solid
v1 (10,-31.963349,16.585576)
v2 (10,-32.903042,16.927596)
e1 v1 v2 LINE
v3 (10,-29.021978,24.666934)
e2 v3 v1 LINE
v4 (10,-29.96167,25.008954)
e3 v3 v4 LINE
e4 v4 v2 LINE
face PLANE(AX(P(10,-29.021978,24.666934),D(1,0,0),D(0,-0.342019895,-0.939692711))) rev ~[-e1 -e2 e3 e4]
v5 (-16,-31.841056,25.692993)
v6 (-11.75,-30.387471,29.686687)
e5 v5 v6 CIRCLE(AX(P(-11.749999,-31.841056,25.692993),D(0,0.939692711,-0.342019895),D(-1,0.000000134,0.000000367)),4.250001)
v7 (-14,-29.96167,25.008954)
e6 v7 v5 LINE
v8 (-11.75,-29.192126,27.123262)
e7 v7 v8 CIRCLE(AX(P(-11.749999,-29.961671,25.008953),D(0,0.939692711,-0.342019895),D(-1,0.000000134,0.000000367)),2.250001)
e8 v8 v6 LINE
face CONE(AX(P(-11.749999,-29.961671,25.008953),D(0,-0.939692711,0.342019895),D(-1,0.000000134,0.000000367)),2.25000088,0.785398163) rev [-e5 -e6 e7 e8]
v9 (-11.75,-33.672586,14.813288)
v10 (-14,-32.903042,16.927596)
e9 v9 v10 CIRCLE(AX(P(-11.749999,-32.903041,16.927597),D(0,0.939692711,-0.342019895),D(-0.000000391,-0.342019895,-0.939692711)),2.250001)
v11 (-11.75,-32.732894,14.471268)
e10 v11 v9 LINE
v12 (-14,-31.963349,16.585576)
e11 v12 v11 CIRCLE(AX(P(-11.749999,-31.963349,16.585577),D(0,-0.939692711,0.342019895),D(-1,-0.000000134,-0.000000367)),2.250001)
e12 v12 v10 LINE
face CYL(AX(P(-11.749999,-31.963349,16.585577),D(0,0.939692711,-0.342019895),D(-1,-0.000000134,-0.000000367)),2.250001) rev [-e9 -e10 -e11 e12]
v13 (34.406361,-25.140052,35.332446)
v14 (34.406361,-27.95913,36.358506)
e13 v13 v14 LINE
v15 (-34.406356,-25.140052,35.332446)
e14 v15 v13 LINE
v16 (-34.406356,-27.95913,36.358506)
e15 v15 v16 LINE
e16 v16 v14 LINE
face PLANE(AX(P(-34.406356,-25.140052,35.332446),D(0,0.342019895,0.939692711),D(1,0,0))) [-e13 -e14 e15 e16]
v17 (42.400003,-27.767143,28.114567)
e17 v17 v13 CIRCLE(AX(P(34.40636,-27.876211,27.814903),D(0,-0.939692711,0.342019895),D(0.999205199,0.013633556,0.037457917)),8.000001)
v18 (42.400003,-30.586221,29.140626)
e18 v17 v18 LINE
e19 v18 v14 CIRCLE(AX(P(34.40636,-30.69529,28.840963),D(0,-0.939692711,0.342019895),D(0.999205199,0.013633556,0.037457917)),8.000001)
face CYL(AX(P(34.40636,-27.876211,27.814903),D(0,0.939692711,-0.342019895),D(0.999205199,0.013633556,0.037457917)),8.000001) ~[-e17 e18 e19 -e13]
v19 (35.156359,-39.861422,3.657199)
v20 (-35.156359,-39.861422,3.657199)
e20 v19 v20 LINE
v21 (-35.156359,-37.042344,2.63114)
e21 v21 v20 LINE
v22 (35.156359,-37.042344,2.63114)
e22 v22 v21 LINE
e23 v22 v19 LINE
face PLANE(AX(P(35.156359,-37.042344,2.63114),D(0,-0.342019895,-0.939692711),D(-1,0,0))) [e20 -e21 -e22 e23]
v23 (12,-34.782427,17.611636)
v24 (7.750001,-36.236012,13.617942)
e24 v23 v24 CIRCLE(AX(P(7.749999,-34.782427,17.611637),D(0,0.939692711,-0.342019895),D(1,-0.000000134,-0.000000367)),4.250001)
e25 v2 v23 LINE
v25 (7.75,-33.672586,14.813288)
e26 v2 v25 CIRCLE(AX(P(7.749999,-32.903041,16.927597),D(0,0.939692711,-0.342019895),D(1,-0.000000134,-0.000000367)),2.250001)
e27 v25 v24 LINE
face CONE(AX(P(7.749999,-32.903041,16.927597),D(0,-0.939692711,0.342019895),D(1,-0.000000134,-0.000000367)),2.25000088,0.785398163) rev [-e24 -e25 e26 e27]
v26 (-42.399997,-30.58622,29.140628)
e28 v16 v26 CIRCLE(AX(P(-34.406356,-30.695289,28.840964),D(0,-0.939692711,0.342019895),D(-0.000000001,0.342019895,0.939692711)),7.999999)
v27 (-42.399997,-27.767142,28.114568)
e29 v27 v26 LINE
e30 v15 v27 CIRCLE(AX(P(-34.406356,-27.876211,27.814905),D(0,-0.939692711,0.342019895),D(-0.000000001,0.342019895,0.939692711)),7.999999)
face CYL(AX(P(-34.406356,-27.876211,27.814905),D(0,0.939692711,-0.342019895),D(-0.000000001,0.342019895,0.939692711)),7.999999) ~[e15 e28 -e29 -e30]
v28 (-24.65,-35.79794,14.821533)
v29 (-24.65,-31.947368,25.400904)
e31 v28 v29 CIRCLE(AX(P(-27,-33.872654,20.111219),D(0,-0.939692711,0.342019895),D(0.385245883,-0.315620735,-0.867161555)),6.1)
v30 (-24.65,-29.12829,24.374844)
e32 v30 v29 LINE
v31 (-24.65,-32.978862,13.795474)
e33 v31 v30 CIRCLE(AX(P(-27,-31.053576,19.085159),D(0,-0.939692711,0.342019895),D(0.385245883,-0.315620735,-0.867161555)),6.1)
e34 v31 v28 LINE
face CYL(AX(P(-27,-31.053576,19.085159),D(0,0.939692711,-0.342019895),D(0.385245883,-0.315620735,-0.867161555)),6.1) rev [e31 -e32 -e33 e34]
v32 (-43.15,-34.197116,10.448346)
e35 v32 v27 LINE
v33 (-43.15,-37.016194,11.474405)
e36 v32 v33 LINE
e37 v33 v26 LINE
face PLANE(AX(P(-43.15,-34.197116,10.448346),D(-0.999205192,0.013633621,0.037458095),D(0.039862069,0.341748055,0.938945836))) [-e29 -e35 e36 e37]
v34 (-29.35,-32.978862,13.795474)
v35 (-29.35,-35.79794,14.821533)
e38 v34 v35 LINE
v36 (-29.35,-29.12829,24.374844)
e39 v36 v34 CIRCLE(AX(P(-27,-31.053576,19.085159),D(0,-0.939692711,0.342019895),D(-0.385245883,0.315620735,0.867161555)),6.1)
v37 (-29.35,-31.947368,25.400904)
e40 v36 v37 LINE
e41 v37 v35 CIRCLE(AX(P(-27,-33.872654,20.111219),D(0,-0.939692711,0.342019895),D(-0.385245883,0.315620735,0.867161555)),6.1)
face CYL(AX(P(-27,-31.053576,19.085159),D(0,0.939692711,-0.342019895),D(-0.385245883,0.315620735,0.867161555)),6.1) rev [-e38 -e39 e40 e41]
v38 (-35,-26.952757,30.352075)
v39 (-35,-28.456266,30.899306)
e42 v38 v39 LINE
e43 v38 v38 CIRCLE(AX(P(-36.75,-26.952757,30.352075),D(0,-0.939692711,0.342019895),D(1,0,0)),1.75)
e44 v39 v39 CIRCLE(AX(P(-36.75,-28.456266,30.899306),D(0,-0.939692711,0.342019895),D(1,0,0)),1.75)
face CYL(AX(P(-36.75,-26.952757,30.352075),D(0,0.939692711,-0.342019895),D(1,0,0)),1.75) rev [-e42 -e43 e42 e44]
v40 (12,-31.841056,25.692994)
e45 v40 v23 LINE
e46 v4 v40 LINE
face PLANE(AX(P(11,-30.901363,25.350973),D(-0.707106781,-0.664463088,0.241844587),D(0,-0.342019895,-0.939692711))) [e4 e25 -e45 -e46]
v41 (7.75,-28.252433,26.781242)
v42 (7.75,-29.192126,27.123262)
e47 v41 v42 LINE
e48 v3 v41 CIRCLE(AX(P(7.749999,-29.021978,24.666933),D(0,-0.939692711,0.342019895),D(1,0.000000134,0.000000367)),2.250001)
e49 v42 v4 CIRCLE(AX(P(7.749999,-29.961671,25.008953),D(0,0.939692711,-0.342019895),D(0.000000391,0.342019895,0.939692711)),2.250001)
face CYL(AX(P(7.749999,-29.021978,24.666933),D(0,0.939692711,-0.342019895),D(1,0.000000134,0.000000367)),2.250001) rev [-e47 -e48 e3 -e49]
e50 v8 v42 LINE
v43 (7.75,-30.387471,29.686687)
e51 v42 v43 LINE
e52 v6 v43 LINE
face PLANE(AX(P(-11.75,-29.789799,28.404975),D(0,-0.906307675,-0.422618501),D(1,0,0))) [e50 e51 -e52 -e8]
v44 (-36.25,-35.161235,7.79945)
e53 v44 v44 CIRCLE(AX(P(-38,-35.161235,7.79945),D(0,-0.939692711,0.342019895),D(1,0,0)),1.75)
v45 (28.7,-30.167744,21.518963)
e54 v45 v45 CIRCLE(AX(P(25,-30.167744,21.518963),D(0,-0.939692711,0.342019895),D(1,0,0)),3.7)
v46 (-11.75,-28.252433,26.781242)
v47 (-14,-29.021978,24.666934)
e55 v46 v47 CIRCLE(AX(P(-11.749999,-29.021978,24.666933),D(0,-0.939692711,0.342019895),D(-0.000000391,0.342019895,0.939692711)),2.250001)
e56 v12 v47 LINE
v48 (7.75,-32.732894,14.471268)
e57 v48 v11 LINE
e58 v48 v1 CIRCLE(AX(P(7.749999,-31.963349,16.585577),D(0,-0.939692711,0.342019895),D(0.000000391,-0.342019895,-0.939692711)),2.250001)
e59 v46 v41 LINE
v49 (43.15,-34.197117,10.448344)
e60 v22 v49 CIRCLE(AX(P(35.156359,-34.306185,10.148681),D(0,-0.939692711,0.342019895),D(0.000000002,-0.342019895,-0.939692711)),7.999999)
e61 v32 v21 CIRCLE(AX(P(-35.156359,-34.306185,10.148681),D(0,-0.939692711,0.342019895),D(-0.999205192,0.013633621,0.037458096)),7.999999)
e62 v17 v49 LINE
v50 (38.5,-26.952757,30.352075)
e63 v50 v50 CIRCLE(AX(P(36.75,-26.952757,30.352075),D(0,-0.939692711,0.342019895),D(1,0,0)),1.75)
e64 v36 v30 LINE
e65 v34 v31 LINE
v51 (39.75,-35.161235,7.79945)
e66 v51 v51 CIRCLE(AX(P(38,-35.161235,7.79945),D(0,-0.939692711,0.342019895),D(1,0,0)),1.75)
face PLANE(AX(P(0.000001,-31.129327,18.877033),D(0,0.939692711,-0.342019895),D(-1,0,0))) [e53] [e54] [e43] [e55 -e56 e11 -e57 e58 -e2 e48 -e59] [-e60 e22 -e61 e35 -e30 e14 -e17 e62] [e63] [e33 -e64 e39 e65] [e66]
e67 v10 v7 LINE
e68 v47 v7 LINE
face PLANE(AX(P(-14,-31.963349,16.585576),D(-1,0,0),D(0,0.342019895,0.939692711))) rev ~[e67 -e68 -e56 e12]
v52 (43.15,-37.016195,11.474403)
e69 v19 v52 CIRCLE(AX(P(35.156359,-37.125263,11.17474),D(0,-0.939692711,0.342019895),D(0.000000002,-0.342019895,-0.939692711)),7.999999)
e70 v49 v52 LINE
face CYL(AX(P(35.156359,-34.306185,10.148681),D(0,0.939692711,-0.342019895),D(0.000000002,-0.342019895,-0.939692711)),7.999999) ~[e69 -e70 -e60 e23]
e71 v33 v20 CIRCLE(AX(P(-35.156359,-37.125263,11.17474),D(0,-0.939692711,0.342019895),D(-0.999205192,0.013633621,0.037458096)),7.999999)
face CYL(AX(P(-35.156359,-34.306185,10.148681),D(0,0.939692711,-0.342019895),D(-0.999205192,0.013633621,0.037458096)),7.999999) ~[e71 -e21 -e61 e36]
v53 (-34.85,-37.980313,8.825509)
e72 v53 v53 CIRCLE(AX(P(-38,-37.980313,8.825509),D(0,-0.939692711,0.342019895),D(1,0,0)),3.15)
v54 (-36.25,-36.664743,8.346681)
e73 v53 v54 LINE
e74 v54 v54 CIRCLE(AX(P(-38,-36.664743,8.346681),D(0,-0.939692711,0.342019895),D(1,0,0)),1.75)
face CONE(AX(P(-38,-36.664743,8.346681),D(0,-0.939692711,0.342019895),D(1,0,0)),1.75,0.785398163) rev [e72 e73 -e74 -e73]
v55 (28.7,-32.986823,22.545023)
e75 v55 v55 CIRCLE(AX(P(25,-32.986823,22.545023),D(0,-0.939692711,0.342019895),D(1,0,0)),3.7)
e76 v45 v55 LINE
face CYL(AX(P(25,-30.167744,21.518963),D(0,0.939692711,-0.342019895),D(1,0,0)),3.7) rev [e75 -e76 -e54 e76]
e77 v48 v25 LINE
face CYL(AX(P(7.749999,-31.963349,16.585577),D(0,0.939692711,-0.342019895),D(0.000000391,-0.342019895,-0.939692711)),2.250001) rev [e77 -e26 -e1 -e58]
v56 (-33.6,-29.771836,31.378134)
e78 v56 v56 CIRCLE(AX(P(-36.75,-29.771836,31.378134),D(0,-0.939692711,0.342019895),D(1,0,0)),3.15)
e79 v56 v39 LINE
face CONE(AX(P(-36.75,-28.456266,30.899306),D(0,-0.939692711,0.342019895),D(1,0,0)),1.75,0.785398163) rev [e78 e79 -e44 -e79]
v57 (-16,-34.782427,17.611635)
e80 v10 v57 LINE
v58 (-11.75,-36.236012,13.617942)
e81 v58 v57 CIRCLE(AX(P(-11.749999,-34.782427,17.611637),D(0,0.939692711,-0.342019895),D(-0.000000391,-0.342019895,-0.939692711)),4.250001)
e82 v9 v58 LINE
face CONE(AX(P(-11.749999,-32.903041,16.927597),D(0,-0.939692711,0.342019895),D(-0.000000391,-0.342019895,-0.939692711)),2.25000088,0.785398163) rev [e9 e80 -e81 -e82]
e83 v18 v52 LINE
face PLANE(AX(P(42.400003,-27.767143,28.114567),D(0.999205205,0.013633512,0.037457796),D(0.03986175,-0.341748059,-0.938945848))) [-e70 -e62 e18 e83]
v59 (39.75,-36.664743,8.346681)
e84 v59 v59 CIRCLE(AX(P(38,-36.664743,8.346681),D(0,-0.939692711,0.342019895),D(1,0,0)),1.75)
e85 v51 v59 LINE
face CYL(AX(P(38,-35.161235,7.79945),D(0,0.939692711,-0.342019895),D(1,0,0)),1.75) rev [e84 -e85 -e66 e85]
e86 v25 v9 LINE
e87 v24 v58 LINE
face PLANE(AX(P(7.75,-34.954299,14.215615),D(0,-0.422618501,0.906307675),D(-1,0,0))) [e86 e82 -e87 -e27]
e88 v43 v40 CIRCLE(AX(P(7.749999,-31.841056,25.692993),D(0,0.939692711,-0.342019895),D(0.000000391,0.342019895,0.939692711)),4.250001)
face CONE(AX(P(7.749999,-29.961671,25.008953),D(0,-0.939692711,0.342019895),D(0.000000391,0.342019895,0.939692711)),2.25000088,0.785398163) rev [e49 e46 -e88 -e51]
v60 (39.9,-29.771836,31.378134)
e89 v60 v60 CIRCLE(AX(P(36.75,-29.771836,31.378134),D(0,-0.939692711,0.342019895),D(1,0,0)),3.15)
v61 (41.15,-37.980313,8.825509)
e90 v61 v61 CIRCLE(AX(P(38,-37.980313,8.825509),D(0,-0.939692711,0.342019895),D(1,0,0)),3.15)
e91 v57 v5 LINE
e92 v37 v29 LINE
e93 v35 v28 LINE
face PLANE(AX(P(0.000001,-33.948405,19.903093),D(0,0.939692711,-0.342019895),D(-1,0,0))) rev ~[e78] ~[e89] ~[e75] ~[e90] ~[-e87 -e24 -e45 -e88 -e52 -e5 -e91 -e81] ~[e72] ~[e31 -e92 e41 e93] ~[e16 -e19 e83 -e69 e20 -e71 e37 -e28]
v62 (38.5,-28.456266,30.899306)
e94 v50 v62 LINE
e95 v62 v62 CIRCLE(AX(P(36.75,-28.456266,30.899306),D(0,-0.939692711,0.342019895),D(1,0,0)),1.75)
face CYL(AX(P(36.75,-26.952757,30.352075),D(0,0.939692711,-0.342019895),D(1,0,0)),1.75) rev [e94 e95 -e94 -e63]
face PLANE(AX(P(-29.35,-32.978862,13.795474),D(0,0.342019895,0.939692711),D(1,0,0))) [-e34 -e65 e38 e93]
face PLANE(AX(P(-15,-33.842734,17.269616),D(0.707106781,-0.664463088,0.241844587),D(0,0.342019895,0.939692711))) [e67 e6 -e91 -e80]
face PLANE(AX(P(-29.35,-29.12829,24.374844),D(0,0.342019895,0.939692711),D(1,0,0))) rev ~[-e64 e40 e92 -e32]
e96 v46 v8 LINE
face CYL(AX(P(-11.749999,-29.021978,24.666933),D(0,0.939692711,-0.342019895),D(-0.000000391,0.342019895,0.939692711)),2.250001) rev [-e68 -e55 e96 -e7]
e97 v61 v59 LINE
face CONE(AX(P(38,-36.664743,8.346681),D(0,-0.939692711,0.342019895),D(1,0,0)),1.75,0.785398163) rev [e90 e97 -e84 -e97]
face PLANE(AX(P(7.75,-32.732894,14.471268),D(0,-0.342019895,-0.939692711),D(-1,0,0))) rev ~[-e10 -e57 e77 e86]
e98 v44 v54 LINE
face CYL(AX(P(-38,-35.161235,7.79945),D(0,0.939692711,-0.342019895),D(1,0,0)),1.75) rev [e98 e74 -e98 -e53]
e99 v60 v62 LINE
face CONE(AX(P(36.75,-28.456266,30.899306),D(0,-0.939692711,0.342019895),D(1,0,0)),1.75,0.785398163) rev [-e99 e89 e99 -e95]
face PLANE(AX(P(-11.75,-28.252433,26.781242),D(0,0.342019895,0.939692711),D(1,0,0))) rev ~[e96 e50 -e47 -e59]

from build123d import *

# Parameters (mm, degrees)
SKETCH033_R     = 1.75
SKETCH033_R_2   = 3.7
PAD001_DEPTH    = 3
CHAMFER001_SIZE = 2
CHAMFER002_SIZE = 1.4


with BuildPart() as part:
    # Sketch033 → Pad001 (new body)
    with BuildSketch(Plane(origin=(0, -38, 0), x_dir=(1, 0, 0), z_dir=(0, -0.939693, 0.34202))):
        with BuildLine():
            Line((-34.406356, 37.6), (34.406361, 37.6))
            ThreePointArc((42.400003, 29.918894), (39.949322, 35.368499), (34.406361, 37.6))
            Line((42.400003, 29.918894), (43.15, 11.118894))
            ThreePointArc((35.156359, 2.8), (40.924857, 5.257038), (43.15, 11.118894))
            Line((35.156359, 2.8), (-35.156359, 2.8))
            ThreePointArc((-43.15, 11.118896), (-40.924858, 5.257039), (-35.156359, 2.8))
            Line((-43.15, 11.118896), (-42.399997, 29.918896))
            ThreePointArc((-34.406356, 37.6), (-39.949317, 35.368499), (-42.399997, 29.918896))
        make_face()
        with Locations((-36.75, 32.3)):
            Circle(SKETCH033_R, mode=Mode.SUBTRACT)
        with Locations((36.75, 32.3)):
            Circle(SKETCH033_R, mode=Mode.SUBTRACT)
        with Locations((-38, 8.3)):
            Circle(SKETCH033_R, mode=Mode.SUBTRACT)
        with Locations((38, 8.3)):
            Circle(SKETCH033_R, mode=Mode.SUBTRACT)
        with Locations((25, 22.9)):
            Circle(SKETCH033_R_2, mode=Mode.SUBTRACT)
        with BuildLine():
            Line((-11.75, 28.5), (7.75, 28.5))
            ThreePointArc((10, 26.25), (9.34099, 27.84099), (7.75, 28.5))
            Line((10, 26.25), (10, 17.65))
            ThreePointArc((7.75, 15.4), (9.34099, 16.05901), (10, 17.65))
            Line((7.75, 15.4), (-11.75, 15.4))
            ThreePointArc((-14, 17.65), (-13.34099, 16.05901), (-11.75, 15.4))
            Line((-14, 17.65), (-14, 26.25))
            ThreePointArc((-11.75, 28.5), (-13.34099, 27.84099), (-14, 26.25))
        make_face(mode=Mode.SUBTRACT)
        with BuildLine():
            Line((-29.35, 25.939165), (-24.65, 25.939165))
            ThreePointArc((-24.65, 14.680835), (-20.9, 20.31), (-24.65, 25.939165))
            Line((-29.35, 14.680835), (-24.65, 14.680835))
            ThreePointArc((-29.35, 25.939165), (-33.1, 20.31), (-29.35, 14.680835))
        make_face(mode=Mode.SUBTRACT)
    extrude(amount=PAD001_DEPTH)

    # Chamfer001
    chamfer001_edges = [part.edges().sort_by_distance(p)[0] for p in [
        (-2, -31.071504, 27.8073),
    ]]
    chamfer(chamfer001_edges, length=CHAMFER001_SIZE)

    # Chamfer002
    chamfer002_edges = [part.edges().sort_by_distance(p)[0] for p in [
        (-38.5, -29.771827, 31.378132),
        (-39.75, -37.980311, 8.825509),
        (35, -29.771827, 31.378132),
        (36.25, -37.980311, 8.825509),
    ]]
    chamfer(chamfer002_edges, length=CHAMFER002_SIZE)


solid = part.part
